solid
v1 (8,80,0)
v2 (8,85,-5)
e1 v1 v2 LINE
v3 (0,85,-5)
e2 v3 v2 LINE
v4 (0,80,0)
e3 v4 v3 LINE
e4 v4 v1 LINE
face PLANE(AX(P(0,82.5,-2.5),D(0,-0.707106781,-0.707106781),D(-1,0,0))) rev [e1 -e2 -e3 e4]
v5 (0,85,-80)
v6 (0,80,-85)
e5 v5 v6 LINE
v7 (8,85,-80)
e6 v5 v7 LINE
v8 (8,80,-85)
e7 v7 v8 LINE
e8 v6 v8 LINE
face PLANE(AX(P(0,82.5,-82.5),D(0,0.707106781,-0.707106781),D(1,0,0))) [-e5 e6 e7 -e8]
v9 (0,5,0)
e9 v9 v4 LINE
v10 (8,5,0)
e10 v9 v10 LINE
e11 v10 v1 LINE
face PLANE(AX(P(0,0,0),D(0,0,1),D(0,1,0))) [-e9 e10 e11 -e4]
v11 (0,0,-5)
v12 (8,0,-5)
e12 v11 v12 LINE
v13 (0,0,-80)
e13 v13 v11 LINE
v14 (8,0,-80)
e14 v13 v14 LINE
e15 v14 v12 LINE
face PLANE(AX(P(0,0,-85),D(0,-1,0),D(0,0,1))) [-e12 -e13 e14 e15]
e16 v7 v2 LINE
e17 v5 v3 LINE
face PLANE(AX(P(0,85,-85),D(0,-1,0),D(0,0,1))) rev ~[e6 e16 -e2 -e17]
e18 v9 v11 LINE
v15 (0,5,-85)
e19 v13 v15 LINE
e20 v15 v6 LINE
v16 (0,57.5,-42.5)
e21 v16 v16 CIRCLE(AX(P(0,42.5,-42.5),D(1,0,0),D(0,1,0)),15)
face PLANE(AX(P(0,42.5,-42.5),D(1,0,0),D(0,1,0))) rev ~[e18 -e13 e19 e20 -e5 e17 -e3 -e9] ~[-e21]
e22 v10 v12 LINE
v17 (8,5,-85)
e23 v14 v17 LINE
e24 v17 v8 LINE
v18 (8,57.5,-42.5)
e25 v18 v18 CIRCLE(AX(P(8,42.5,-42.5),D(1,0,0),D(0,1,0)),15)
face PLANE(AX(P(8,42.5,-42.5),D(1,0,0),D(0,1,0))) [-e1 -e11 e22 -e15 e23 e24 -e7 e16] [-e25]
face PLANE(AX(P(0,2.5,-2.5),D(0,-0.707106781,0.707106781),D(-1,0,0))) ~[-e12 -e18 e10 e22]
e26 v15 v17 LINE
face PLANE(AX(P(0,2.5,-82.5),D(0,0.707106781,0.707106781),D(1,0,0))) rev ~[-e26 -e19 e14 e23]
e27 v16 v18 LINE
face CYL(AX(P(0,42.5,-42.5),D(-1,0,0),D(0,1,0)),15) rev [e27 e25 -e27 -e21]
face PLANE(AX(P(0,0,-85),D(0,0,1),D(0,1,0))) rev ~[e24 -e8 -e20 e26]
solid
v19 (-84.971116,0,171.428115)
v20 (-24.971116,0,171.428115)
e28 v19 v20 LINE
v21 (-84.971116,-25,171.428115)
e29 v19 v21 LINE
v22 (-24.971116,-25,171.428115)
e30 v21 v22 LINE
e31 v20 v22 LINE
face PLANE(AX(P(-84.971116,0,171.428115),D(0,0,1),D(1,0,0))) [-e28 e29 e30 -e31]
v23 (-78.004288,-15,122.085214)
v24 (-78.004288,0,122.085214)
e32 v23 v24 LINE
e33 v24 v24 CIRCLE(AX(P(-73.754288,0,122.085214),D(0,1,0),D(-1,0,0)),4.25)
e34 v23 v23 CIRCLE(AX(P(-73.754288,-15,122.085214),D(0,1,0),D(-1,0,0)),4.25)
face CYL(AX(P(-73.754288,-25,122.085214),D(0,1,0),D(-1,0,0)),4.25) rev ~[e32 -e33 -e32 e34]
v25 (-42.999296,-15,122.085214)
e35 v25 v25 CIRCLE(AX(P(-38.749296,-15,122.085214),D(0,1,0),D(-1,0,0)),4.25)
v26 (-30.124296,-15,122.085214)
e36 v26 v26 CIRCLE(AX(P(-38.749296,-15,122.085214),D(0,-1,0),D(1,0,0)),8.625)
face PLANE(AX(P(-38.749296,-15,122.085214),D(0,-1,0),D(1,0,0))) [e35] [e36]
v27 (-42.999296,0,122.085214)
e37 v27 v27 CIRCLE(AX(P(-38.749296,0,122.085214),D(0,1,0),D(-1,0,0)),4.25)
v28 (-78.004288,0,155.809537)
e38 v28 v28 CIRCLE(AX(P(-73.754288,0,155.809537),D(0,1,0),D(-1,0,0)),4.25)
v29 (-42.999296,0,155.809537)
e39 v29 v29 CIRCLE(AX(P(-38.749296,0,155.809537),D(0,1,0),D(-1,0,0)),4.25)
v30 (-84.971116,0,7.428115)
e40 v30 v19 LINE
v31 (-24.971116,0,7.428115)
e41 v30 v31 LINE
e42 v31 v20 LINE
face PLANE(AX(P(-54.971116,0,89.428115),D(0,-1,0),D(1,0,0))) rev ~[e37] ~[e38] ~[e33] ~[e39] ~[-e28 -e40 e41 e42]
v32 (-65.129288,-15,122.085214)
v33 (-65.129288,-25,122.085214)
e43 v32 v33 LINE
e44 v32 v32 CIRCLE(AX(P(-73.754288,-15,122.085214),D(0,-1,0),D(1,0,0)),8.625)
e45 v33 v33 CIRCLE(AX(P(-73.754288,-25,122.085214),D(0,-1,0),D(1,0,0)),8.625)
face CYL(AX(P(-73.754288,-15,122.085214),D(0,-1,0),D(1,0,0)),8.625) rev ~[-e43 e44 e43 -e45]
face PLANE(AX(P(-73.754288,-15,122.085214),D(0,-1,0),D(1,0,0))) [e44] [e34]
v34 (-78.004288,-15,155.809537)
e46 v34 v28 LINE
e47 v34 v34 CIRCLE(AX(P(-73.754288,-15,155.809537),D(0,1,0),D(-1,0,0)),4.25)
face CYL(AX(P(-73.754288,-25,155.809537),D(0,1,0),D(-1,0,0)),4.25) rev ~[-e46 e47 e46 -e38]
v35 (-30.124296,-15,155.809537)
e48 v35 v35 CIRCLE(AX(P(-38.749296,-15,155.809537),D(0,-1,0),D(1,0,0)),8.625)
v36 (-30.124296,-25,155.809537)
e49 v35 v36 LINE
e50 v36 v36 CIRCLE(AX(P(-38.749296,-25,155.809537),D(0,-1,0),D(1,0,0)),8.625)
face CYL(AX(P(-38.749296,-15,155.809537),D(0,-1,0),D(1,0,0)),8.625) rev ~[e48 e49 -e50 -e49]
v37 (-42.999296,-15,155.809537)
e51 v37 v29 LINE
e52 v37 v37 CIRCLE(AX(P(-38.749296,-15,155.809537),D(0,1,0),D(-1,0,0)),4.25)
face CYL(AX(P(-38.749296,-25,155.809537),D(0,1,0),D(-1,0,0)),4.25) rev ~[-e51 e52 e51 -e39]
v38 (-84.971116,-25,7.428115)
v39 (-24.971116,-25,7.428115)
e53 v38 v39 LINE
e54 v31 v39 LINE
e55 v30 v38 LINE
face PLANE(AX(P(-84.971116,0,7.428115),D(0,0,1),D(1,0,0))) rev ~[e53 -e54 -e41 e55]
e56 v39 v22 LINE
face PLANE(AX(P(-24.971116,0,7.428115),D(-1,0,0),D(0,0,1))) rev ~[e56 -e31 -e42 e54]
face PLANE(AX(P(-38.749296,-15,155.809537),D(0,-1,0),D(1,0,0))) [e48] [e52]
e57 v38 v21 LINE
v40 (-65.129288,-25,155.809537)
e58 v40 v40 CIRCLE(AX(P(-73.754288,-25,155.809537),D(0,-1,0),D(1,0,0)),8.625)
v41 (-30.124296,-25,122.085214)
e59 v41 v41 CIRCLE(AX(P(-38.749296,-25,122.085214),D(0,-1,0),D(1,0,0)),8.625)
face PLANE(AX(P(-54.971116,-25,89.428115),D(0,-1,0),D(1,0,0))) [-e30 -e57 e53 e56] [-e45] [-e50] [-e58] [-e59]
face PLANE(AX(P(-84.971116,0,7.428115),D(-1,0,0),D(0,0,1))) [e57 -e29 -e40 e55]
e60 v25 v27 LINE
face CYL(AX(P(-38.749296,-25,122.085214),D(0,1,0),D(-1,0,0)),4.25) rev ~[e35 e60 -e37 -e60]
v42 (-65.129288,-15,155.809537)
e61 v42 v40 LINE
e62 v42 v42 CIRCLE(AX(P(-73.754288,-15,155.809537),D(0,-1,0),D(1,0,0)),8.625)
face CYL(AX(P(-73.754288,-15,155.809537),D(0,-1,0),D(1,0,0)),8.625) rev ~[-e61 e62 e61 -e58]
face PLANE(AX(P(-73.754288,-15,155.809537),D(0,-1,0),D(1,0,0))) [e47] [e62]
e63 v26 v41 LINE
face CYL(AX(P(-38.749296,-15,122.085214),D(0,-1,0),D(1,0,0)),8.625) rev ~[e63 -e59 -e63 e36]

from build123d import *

# Parameters (mm, degrees)
F0_W           = 85
F0_H           = 85
F0_R           = 15
F1_DEPTH       = 8
F2_SIZE        = 5
F3_SIZE        = 5
F4_W           = 60
F4_H           = 164
F5_DEPTH       = 25
F7_D           = 8.5
F7_CBORE_D     = 17.25
F7_CBORE_DEPTH = 10


with BuildPart() as f1:
    # F0 (on Right) → F1 (new body)
    with BuildSketch(Plane.YZ):
        with Locations((42.5, -42.5)):
            Rectangle(F0_W, F0_H)
        with Locations((42.5, -42.5)):
            Circle(F0_R, mode=Mode.SUBTRACT)
    extrude(amount=F1_DEPTH)

    # F2
    f2_edges = [f1.edges().sort_by_distance(p)[0] for p in [
        (4, 85, 0),
    ]]
    chamfer(f2_edges, length=F2_SIZE)

    # F3
    f3_edges = [f1.edges().sort_by_distance(p)[0] for p in [
        (4, 0, 0),
        (4, 0, -85),
        (4, 85, -85),
    ]]
    chamfer(f3_edges, length=F3_SIZE)


with BuildPart() as f5:
    # F4 (on Front) → F5 (new body)
    with BuildSketch(Plane.XZ):
        with Locations((-54.9711163342, 89.4281147681)):
            Rectangle(F4_W, F4_H)
    extrude(amount=F5_DEPTH)

    # F7 (through all)
    with Locations(Plane.XZ.offset(25)):
        with Locations((-73.7542882562, 155.8095365763), (-38.7492962182, 155.8095365763), (-38.7492962182, 122.0852136612), (-73.7542882562, 122.0852136612)):
            CounterBoreHole(F7_D / 2, F7_CBORE_D / 2, F7_CBORE_DEPTH)


solid = Compound([f1.part, f5.part])
